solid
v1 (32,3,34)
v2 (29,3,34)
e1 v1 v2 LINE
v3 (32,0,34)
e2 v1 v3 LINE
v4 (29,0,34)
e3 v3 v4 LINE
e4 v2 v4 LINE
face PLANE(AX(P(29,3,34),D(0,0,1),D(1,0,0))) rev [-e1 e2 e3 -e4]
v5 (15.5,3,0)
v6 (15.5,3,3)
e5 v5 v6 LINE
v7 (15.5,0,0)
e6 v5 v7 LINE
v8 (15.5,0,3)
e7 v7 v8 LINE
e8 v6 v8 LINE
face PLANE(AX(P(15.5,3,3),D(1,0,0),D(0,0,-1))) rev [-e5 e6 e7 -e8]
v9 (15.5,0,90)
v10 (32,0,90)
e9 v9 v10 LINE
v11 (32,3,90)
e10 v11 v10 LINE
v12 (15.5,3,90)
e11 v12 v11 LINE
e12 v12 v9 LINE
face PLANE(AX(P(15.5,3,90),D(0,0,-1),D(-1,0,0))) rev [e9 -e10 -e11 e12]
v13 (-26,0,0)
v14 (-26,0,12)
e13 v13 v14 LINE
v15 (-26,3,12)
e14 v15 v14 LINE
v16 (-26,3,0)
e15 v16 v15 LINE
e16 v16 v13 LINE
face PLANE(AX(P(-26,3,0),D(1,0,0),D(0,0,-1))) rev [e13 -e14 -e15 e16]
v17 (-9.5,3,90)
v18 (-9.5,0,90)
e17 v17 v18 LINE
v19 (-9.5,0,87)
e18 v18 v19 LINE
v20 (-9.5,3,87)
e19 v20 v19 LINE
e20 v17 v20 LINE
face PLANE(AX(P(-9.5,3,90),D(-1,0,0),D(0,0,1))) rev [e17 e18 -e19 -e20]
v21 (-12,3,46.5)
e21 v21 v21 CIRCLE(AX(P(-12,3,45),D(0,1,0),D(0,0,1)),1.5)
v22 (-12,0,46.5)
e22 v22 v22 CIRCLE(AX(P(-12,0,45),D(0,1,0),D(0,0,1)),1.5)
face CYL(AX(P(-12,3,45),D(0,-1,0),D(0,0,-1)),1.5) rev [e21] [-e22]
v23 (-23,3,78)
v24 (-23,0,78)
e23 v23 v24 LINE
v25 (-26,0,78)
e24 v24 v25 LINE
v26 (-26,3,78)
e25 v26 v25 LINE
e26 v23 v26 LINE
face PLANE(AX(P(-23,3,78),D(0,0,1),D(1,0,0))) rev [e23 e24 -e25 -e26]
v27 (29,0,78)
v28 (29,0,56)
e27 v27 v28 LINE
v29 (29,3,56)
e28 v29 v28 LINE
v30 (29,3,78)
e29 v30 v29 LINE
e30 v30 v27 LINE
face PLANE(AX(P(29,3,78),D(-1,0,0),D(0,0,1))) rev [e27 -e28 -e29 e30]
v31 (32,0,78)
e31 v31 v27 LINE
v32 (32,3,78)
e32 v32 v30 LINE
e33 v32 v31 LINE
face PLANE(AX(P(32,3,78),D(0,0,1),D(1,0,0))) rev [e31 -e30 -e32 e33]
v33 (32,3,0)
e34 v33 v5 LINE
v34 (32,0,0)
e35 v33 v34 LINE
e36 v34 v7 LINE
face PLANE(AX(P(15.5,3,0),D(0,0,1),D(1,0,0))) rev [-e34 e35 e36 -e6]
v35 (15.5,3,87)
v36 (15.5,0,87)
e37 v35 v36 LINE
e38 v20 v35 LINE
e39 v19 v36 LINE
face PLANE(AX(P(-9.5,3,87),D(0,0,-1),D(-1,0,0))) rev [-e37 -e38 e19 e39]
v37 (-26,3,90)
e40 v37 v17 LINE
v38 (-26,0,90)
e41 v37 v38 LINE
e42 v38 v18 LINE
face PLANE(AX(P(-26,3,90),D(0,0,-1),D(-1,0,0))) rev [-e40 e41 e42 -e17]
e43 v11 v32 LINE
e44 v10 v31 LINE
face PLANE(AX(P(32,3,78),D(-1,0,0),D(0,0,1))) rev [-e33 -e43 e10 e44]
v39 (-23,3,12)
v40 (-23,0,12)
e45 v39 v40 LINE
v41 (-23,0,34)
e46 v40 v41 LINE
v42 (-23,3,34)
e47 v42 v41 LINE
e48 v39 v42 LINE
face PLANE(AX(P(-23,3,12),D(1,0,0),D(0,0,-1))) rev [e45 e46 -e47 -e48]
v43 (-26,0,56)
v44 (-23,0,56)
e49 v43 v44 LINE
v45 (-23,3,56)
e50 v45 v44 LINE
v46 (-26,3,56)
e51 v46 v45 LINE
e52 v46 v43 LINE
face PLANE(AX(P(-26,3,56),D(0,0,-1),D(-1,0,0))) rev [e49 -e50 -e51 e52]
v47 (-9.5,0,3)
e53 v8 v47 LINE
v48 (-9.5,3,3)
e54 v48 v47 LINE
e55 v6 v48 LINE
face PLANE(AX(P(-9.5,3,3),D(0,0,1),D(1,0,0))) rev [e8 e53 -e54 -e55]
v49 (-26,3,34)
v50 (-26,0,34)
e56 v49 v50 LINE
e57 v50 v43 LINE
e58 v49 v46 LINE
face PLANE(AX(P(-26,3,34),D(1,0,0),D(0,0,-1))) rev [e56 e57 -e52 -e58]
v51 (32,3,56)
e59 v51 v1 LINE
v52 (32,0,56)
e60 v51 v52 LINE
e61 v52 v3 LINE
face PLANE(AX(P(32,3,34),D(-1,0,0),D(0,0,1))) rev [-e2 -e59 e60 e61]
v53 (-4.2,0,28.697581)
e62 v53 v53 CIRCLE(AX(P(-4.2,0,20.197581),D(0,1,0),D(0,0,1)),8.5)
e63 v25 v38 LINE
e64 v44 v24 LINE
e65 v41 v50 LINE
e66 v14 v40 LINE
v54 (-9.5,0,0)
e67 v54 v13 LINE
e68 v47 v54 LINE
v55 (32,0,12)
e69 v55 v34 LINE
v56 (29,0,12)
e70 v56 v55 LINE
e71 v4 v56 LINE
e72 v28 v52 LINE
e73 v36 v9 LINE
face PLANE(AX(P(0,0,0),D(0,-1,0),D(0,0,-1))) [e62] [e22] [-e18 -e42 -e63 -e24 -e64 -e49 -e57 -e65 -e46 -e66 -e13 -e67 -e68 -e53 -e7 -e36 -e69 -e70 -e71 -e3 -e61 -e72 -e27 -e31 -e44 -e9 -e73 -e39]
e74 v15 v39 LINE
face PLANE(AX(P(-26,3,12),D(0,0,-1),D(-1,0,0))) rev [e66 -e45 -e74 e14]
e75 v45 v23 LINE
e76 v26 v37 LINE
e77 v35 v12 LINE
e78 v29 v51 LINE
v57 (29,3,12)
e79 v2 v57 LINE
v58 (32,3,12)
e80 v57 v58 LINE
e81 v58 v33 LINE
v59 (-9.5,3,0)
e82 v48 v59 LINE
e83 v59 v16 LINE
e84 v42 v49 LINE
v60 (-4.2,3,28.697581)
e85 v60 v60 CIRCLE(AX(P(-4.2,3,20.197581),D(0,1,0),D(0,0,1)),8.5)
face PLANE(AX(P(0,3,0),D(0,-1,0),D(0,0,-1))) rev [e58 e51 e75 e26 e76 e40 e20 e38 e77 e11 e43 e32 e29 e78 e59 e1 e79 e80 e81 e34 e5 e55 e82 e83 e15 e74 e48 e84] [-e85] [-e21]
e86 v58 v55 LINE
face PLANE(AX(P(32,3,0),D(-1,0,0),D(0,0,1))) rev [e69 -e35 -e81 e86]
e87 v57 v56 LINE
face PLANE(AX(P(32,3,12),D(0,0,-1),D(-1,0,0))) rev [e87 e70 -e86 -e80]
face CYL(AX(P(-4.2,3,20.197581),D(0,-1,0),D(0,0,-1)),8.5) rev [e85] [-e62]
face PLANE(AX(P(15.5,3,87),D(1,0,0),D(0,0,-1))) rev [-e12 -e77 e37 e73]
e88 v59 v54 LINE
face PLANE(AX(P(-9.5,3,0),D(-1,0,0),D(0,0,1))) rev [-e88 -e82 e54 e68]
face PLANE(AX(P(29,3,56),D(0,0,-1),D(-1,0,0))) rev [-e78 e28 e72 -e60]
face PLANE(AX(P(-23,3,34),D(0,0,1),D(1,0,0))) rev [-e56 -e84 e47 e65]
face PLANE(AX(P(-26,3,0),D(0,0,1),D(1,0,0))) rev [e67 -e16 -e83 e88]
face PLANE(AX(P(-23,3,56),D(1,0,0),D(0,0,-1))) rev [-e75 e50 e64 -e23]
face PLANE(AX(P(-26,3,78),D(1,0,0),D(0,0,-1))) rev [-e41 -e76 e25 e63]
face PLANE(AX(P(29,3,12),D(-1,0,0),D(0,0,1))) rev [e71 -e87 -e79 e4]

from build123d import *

# Parameters (mm, degrees)
SKETCH4_R           = 8.5
SKETCH4_R_2         = 1.5
BOSS_EXTRUDE1_DEPTH = 3


with BuildPart() as part:
    # Sketch4 → Boss-Extrude1 (new body)
    with BuildSketch(Plane(origin=(0, 0, 0), x_dir=(1, 0, 0), z_dir=(0, 1, 0))):
        Polygon((-26, -90), (-9.5, -90), (-9.5, -87), (15.5, -87), (15.5, -90), (32, -90), (32, -78), (29, -78), (29, -56), (32, -56), (32, -34), (29, -34), (29, -12), (32, -12), (32, 0), (15.5, 0), (15.5, -3), (-9.5, -3), (-9.5, 0), (-26, 0), (-26, -12), (-23, -12), (-23, -34), (-26, -34), (-26, -56), (-23, -56), (-23, -78), (-26, -78), align=None)
        with Locations((-4.2, -20.197580763)):
            Circle(SKETCH4_R, mode=Mode.SUBTRACT)
        with Locations((-12, -45)):
            Circle(SKETCH4_R_2, mode=Mode.SUBTRACT)
    extrude(amount=BOSS_EXTRUDE1_DEPTH)


solid = part.part
